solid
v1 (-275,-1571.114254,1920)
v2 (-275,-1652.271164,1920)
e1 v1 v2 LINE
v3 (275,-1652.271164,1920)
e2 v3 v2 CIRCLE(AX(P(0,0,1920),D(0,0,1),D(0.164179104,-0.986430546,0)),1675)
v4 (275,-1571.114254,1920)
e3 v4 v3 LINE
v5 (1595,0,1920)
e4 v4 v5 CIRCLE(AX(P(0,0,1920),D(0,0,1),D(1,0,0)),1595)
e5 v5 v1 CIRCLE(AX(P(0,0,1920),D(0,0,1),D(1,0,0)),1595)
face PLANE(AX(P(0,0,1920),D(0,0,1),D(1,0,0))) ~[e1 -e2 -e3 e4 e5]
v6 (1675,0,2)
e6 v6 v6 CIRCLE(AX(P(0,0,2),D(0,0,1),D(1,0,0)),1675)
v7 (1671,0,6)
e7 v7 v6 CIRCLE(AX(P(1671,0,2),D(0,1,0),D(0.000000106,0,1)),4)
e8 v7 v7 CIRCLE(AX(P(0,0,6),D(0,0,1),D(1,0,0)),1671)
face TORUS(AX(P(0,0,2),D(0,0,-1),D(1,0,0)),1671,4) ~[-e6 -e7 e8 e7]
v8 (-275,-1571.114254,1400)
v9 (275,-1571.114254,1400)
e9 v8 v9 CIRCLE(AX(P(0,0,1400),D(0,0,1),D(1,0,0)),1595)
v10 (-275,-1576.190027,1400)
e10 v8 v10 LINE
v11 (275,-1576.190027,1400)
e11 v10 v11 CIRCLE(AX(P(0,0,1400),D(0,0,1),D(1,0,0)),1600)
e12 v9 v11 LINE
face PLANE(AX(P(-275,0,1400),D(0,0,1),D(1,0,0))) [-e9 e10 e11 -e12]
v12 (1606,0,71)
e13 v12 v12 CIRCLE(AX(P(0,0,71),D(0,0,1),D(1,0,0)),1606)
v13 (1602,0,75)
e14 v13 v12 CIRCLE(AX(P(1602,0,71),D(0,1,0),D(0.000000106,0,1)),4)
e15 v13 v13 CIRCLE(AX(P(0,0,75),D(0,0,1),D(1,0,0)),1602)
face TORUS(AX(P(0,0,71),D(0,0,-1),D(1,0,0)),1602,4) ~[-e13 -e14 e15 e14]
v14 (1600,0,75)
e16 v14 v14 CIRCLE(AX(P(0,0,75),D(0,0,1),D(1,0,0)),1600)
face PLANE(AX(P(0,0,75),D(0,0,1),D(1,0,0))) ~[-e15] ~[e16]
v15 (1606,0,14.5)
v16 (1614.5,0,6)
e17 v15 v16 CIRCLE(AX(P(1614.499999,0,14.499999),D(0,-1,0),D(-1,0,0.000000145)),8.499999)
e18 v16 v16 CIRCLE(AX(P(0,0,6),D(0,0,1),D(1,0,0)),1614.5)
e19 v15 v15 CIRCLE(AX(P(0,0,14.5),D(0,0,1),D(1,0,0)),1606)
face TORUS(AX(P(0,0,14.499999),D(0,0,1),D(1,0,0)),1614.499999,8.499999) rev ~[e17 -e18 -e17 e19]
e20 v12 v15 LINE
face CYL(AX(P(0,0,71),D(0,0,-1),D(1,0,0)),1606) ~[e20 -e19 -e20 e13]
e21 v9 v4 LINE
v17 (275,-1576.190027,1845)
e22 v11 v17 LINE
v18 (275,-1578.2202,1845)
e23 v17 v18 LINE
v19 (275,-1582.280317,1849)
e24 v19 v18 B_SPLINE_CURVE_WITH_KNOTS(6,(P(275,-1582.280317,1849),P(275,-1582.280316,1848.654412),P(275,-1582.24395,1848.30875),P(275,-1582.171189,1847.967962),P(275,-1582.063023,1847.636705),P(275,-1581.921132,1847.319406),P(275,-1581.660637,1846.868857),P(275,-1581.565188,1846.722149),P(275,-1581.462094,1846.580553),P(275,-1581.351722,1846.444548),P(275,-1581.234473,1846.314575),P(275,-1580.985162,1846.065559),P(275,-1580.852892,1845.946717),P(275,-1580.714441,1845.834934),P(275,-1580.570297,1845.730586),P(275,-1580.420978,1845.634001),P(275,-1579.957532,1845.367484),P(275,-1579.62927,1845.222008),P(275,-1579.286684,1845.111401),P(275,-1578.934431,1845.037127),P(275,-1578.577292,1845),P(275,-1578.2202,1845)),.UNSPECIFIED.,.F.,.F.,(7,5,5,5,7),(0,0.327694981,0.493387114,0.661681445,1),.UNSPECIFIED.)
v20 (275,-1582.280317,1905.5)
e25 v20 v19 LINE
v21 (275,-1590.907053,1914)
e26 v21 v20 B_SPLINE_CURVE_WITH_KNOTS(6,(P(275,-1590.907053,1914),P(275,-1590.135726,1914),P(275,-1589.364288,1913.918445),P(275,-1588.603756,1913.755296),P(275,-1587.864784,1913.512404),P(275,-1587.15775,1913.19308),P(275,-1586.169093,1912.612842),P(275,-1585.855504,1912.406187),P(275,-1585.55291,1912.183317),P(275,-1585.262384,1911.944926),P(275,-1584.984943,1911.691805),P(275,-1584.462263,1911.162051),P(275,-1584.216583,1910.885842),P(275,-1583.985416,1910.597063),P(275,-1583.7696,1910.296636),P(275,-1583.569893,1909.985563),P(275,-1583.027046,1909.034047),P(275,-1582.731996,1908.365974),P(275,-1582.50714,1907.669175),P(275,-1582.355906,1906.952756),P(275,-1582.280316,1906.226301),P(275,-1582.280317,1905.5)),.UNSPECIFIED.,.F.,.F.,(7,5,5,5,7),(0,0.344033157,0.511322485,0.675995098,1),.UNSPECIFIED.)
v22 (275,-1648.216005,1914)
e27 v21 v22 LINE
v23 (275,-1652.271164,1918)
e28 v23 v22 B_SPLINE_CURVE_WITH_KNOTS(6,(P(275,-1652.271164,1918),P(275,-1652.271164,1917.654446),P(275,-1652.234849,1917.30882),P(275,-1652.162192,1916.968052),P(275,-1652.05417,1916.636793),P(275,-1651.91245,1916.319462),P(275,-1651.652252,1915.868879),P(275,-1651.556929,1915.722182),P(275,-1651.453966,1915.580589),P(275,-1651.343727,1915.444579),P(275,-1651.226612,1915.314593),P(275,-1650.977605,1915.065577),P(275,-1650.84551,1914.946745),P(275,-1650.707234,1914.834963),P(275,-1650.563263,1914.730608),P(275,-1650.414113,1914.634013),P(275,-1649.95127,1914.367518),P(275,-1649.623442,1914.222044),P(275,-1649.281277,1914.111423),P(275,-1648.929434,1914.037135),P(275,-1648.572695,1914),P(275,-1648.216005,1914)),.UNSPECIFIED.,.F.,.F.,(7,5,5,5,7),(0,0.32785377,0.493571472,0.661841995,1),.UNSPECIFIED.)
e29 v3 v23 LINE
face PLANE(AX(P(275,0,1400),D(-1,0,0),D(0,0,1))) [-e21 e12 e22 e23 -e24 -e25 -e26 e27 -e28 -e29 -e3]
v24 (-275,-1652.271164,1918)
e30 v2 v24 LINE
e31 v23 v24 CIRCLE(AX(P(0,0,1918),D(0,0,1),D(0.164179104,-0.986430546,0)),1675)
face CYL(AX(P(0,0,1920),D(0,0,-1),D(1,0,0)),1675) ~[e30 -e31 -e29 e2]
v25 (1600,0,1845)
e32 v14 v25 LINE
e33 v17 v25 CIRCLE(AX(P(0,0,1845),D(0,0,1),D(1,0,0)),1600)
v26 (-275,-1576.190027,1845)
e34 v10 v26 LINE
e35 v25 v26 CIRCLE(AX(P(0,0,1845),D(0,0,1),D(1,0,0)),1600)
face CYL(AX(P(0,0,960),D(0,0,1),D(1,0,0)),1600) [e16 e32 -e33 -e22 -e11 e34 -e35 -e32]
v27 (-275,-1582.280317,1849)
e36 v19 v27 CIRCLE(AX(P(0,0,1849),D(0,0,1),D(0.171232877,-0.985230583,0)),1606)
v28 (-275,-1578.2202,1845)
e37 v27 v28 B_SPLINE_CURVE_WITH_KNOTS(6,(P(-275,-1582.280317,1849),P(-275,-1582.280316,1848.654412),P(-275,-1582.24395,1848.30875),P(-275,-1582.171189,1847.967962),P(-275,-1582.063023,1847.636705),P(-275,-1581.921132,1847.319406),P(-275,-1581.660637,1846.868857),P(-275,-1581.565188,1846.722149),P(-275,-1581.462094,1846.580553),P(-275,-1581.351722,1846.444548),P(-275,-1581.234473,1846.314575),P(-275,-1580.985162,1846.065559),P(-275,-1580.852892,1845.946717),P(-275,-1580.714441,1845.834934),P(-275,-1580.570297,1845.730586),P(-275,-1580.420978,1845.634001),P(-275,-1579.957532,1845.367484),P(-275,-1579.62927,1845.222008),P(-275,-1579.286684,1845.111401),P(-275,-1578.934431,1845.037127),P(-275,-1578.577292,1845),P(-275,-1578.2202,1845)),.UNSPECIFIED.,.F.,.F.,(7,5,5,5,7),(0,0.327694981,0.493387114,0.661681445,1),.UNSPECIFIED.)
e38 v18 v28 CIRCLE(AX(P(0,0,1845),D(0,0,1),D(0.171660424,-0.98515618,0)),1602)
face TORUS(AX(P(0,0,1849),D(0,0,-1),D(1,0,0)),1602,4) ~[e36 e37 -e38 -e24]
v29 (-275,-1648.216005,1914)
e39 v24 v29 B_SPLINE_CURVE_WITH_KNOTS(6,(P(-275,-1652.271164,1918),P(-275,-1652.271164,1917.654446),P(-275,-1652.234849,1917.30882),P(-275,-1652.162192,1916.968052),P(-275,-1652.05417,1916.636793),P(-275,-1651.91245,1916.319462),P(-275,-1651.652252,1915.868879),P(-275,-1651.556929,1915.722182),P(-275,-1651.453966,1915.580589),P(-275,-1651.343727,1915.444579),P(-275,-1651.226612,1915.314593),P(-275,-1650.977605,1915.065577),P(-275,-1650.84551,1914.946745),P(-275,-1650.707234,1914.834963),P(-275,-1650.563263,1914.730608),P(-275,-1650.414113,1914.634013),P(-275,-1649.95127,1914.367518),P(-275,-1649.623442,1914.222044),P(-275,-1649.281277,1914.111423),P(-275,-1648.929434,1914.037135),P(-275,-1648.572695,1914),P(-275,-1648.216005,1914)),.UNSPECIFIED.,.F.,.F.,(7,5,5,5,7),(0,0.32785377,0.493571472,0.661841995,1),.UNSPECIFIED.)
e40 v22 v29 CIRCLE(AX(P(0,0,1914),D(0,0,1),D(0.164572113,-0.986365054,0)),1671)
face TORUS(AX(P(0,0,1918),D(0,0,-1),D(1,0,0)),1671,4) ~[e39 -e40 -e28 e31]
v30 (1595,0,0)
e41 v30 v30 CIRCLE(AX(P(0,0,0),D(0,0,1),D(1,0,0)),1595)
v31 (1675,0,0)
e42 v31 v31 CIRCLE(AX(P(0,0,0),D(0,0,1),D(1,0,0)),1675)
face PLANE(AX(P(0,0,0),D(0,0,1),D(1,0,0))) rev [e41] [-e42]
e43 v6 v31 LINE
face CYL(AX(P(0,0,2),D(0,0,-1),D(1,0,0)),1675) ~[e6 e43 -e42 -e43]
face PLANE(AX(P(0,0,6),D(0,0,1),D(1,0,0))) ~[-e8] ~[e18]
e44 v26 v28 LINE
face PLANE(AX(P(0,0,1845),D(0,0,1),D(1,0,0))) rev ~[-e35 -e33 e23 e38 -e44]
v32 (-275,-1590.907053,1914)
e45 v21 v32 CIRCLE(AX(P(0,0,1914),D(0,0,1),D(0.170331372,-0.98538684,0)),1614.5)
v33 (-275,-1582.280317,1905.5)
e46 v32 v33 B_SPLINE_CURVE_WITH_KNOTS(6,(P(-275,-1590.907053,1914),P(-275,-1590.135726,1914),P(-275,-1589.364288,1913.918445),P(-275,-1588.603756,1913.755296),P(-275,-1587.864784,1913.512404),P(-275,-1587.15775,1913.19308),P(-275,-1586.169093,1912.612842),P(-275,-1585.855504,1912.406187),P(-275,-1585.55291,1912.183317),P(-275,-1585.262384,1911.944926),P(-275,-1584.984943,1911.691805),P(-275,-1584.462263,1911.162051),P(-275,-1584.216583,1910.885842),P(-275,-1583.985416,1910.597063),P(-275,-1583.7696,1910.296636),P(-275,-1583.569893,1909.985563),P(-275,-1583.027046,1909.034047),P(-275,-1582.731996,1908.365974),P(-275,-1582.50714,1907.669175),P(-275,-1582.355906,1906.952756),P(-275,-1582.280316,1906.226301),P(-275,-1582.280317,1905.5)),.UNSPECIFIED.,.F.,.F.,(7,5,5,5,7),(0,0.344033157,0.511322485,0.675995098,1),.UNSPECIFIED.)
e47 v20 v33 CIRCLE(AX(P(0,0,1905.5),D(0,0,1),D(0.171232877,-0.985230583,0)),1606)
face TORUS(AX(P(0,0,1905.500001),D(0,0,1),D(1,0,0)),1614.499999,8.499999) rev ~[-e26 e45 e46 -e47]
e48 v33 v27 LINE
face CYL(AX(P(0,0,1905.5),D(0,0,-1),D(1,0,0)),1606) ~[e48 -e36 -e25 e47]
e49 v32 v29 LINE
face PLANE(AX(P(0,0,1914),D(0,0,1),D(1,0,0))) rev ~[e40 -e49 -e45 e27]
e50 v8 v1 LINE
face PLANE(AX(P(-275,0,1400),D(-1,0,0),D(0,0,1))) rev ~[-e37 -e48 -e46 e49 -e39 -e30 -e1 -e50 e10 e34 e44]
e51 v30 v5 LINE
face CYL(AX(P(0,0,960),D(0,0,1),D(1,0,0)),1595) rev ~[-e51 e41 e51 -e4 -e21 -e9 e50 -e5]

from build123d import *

# Parameters (mm, degrees)
SKETCH001_W   = 550
SKETCH001_H   = 520
EXTRUDE_DEPTH = 2500
SKETCH_W      = 5
SKETCH_H      = 1920


with BuildPart() as extrude_body:
    # Sketch001 → Extrude (new body)
    with BuildSketch(Plane.XZ):
        with Locations((0, 1660)):
            Rectangle(SKETCH001_W, SKETCH001_H)
    extrude(amount=EXTRUDE_DEPTH)


with BuildPart() as revolve001:
    # AngleSteel → Revolve001 (revolve)
    with BuildSketch(Plane(origin=(1620.58985, 0, 20.58985), x_dir=(1, 0, 0), z_dir=(0, 1, 0))):
        with BuildLine():
            Line((-20.58985, 20.58985), (-20.58985, -54.41015))
            Line((-20.58985, -54.41015), (-18.58985, -54.41015))
            ThreePointArc((-18.58985, -54.41015), (-15.761423, -53.238577), (-14.58985, -50.41015))
            Line((-14.58985, -50.41015), (-14.58985, 6.08985))
            ThreePointArc((-14.58985, 6.08985), (-12.100258, 12.100258), (-6.08985, 14.58985))
            Line((-6.08985, 14.58985), (50.41015, 14.58985))
            ThreePointArc((50.41015, 14.58985), (53.238577, 15.761423), (54.41015, 18.58985))
            Line((54.41015, 18.58985), (54.41015, 20.58985))
            Line((54.41015, 20.58985), (-20.58985, 20.58985))
        make_face()
    revolve(axis=Axis((0, 0, 0), (0, 0, 1)))


with BuildPart() as revolve002:
    # AngleSteel001 → Revolve002 (revolve)
    with BuildSketch(Plane(origin=(1620.58985, 0, 1899.41015), x_dir=(1, 0, 0), z_dir=(0, 1, 0))):
        with BuildLine():
            Line((-20.58985, -20.58985), (54.41015, -20.58985))
            Line((54.41015, -20.58985), (54.41015, -18.58985))
            ThreePointArc((54.41015, -18.58985), (53.238577, -15.761423), (50.41015, -14.58985))
            Line((50.41015, -14.58985), (-6.08985, -14.58985))
            ThreePointArc((-6.08985, -14.58985), (-12.100258, -12.100258), (-14.58985, -6.08985))
            Line((-14.58985, -6.08985), (-14.58985, 50.41015))
            ThreePointArc((-14.58985, 50.41015), (-15.761423, 53.238577), (-18.58985, 54.41015))
            Line((-18.58985, 54.41015), (-20.58985, 54.41015))
            Line((-20.58985, 54.41015), (-20.58985, -20.58985))
        make_face()
    revolve(axis=Axis((0, 0, 0), (0, 0, 1)))


with BuildPart() as cut:
    # Sketch → Revolve (revolve)
    with BuildSketch(Plane.XZ):
        with Locations((1597.5, 960)):
            Rectangle(SKETCH_W, SKETCH_H)
    revolve(axis=Axis((0, 0, 0), (0, 0, 1)))

    # Fusion: union Revolve001, Revolve002
    add(revolve001.part)
    add(revolve002.part)

    # Cut: cut Extrude body
    add(extrude_body.part, mode=Mode.SUBTRACT)


solid = cut.part
